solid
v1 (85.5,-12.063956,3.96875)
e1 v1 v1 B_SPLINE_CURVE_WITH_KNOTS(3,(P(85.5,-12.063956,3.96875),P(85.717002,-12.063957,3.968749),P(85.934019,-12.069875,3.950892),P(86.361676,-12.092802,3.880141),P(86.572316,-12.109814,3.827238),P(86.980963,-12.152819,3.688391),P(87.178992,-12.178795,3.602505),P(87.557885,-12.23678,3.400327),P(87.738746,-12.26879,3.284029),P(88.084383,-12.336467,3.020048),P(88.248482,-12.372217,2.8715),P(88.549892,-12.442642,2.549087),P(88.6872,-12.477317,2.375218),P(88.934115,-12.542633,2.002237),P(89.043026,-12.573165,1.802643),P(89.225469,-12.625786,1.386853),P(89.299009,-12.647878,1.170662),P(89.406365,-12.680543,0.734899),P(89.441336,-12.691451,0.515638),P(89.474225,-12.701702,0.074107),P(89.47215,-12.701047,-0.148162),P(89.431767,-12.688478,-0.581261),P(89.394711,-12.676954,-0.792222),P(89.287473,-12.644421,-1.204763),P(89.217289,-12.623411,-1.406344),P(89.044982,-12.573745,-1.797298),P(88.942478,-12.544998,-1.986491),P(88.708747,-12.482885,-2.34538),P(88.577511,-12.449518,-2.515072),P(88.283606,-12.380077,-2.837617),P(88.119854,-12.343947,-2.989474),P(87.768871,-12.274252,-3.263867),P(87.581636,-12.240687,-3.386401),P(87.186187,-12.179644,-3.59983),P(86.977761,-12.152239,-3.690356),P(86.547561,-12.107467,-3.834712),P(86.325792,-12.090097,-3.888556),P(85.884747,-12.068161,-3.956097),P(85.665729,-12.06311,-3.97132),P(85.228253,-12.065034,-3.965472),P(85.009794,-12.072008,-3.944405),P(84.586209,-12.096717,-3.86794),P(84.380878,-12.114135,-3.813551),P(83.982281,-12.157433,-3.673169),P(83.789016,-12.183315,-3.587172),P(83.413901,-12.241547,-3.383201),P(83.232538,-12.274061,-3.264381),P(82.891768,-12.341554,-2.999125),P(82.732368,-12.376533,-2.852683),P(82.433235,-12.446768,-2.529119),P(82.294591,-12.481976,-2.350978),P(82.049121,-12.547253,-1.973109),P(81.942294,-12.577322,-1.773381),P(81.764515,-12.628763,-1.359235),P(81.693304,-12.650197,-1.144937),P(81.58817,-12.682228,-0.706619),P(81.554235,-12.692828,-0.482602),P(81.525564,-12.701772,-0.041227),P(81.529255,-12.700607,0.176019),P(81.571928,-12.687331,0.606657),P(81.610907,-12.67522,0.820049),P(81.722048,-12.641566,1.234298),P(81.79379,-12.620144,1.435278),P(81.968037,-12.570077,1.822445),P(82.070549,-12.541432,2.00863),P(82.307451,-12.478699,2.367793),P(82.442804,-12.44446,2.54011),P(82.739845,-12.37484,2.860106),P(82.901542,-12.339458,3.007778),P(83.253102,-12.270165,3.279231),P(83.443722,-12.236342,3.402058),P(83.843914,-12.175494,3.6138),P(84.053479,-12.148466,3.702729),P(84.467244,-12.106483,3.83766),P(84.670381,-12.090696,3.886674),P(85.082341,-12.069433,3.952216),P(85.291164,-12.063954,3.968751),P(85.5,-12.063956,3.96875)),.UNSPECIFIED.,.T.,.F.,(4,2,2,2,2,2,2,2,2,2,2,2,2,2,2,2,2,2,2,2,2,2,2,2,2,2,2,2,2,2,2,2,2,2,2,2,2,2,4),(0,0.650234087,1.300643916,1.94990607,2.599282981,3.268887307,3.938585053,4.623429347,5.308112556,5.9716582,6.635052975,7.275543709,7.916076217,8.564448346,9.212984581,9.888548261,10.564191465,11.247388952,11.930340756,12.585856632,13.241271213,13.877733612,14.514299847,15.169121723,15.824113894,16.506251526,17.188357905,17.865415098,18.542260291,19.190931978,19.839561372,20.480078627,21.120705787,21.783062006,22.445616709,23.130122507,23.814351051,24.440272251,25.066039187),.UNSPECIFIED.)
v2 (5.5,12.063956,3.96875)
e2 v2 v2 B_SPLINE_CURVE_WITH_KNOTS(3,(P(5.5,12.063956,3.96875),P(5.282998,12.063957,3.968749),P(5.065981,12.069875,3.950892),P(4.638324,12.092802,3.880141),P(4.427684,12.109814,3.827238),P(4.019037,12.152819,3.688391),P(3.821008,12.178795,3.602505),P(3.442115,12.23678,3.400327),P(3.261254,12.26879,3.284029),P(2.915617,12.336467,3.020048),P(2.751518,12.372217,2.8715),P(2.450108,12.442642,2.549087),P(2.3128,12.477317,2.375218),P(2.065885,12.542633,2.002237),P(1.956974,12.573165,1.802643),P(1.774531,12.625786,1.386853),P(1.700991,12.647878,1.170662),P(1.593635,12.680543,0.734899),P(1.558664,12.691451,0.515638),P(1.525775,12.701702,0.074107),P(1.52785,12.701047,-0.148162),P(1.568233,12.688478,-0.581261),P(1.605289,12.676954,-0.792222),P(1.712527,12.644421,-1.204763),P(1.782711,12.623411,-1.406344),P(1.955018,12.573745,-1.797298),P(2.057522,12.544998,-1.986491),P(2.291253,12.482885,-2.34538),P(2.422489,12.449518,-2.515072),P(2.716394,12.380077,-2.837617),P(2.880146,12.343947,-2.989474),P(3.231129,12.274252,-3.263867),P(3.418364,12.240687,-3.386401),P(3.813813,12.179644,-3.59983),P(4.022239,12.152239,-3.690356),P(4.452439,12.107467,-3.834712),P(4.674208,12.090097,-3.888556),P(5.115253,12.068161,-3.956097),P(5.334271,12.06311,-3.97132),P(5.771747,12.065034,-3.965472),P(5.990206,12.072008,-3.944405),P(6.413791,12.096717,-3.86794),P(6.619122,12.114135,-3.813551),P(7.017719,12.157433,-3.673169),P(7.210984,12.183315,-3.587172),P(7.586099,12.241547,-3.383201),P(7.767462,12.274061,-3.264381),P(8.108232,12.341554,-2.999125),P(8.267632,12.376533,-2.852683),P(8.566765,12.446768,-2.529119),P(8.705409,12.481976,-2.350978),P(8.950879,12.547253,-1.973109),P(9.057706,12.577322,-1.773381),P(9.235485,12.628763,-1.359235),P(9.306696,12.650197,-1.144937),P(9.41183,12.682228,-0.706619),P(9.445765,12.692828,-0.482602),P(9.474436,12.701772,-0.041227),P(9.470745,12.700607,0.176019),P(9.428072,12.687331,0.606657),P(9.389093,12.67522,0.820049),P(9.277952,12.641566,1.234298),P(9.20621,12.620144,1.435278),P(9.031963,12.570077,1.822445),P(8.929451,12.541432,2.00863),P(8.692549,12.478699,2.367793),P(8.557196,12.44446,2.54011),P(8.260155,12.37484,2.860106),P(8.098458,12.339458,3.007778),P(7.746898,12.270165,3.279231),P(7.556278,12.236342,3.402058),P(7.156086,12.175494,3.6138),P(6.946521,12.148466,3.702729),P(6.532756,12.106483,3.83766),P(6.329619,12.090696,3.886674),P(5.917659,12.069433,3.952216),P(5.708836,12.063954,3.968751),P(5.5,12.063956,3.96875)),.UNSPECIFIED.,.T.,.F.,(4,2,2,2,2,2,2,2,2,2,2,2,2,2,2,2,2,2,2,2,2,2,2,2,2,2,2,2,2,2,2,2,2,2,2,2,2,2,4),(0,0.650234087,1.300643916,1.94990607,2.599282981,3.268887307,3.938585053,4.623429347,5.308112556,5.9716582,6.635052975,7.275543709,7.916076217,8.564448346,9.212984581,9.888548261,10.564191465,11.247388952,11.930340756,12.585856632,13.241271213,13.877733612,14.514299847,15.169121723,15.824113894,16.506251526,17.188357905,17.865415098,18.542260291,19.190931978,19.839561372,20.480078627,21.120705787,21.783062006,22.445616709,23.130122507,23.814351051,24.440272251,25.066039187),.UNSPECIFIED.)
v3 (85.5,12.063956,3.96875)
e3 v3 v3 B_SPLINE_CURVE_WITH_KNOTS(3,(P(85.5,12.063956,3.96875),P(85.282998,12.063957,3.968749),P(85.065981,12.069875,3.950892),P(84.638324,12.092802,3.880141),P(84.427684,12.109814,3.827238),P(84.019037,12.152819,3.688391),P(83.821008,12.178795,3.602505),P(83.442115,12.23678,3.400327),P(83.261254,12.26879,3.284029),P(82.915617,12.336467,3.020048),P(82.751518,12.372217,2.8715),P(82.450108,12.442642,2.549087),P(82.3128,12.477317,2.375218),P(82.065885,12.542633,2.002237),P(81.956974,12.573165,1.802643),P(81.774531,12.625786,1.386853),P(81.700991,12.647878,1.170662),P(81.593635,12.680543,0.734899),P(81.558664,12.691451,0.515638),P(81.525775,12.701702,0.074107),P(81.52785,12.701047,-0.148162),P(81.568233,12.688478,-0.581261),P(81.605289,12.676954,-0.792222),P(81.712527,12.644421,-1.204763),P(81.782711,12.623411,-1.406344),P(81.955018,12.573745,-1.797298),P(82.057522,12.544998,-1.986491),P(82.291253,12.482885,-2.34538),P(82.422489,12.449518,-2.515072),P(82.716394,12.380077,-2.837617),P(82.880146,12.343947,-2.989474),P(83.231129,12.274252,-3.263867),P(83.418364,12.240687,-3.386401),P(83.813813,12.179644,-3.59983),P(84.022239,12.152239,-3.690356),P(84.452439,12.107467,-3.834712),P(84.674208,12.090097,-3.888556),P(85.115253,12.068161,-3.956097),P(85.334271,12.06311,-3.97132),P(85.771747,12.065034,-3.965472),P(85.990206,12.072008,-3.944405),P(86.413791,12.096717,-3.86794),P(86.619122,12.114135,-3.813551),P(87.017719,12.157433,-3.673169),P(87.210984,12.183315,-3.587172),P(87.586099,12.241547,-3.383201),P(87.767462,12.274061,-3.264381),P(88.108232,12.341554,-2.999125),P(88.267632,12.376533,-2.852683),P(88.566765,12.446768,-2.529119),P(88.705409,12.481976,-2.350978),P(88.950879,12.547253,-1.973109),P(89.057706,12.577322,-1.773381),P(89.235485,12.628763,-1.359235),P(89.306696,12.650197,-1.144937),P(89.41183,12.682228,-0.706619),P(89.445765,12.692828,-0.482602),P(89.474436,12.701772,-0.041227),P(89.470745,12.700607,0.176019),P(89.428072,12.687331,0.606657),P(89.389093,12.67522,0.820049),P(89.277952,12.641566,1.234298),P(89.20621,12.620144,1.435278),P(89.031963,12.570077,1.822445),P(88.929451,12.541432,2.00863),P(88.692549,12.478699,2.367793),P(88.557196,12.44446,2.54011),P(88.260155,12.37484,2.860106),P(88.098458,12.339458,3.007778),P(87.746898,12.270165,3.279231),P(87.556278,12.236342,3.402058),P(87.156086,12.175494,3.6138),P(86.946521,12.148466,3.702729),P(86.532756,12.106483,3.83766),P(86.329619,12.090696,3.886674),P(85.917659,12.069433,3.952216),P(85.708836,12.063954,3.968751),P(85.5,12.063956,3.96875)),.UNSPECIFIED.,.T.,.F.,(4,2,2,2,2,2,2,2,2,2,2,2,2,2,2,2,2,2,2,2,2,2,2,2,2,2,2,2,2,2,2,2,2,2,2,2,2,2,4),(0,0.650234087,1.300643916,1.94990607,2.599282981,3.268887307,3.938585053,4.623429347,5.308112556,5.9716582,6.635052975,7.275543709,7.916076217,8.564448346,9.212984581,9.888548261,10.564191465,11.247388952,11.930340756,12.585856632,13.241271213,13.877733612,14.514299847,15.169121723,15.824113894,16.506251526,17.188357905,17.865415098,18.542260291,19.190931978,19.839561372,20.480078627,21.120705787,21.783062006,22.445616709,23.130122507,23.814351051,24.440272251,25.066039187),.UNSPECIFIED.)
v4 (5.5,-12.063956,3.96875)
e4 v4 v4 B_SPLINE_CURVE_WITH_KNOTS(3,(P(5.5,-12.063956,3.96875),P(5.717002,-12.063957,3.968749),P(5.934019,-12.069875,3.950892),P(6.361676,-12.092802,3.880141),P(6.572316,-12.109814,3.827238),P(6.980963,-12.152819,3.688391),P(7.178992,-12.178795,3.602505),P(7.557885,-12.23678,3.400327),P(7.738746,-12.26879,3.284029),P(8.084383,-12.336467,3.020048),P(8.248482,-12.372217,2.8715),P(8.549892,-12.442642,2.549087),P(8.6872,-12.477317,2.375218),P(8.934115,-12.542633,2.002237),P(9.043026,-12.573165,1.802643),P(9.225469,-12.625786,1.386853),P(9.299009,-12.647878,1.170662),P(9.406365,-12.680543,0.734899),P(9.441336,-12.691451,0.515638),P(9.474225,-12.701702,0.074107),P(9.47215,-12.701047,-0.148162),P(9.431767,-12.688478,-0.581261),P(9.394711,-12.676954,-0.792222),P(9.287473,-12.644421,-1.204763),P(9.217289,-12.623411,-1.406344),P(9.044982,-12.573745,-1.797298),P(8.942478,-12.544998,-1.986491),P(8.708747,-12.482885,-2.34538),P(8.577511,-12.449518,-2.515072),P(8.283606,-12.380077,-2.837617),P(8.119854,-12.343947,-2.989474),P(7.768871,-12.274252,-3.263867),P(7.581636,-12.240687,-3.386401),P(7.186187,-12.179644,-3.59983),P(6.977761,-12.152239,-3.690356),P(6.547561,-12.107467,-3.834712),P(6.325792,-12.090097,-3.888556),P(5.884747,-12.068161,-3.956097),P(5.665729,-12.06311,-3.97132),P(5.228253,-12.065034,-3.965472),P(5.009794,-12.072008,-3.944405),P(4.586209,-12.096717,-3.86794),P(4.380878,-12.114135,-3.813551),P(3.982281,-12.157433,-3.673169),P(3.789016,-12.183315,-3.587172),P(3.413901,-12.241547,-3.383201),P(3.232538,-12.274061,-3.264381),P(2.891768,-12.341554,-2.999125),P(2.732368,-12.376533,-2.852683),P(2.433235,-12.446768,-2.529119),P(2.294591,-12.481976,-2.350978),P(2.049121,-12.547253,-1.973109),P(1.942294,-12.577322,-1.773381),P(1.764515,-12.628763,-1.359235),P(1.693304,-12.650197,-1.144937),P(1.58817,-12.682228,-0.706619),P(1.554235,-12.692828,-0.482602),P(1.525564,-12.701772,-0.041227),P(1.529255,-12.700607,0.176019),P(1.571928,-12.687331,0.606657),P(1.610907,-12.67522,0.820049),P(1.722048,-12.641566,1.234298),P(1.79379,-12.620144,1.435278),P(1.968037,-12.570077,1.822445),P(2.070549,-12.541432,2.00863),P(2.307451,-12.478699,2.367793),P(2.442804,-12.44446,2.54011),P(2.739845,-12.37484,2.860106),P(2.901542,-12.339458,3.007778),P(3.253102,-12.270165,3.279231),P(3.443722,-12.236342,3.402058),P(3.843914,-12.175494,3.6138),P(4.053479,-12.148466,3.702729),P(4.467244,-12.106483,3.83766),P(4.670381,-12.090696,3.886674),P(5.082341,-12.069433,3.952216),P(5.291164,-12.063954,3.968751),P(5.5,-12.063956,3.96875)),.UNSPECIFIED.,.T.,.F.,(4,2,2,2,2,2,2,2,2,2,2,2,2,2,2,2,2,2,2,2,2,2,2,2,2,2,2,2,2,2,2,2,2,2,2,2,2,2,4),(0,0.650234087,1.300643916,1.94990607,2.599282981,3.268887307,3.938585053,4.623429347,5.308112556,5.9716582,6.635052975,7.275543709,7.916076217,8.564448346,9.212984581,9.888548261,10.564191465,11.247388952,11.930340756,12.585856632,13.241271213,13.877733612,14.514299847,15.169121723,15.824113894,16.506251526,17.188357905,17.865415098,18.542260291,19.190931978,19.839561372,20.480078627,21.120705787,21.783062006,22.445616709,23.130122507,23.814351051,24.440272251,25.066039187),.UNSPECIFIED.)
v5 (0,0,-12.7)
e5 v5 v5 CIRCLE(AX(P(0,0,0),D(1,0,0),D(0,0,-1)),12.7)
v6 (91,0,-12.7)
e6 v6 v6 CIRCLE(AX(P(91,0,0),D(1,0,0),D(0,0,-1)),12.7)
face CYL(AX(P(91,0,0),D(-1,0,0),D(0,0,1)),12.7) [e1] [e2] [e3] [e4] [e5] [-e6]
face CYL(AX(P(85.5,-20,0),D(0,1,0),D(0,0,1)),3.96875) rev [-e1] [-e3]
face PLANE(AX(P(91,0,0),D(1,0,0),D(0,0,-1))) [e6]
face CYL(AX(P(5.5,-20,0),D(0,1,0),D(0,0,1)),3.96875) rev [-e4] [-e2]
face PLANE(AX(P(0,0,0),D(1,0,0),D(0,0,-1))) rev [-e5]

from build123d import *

# Parameters (mm, degrees)
CROQUIS1_R              = 12.7
SALIENTE_EXTRUIR1_DEPTH = 91
CROQUIS2_R              = 3.96875
CORTAR_EXTRUIR1_DEPTH   = 20


with BuildPart() as part:
    # Croquis1 → Saliente-Extruir1 (new body)
    with BuildSketch(Plane(origin=(0, 0, 0), x_dir=(0, 0, -1), z_dir=(1, 0, 0))):
        Circle(CROQUIS1_R)
    extrude(amount=SALIENTE_EXTRUIR1_DEPTH)

    # Croquis2 → Cortar-Extruir1 (cut, symmetric)
    with BuildSketch(Plane(origin=(0, 0, 0), x_dir=(1, 0, 0), z_dir=(0, 1, 0))):
        with Locations(Location((5.5, 0, 0), (0, 0, 270))):
            Circle(CROQUIS2_R)
        with Locations(Location((85.5, 0, 0), (0, 0, 270))):
            Circle(CROQUIS2_R)
    extrude(amount=CORTAR_EXTRUIR1_DEPTH, both=True, mode=Mode.SUBTRACT)


solid = part.part
